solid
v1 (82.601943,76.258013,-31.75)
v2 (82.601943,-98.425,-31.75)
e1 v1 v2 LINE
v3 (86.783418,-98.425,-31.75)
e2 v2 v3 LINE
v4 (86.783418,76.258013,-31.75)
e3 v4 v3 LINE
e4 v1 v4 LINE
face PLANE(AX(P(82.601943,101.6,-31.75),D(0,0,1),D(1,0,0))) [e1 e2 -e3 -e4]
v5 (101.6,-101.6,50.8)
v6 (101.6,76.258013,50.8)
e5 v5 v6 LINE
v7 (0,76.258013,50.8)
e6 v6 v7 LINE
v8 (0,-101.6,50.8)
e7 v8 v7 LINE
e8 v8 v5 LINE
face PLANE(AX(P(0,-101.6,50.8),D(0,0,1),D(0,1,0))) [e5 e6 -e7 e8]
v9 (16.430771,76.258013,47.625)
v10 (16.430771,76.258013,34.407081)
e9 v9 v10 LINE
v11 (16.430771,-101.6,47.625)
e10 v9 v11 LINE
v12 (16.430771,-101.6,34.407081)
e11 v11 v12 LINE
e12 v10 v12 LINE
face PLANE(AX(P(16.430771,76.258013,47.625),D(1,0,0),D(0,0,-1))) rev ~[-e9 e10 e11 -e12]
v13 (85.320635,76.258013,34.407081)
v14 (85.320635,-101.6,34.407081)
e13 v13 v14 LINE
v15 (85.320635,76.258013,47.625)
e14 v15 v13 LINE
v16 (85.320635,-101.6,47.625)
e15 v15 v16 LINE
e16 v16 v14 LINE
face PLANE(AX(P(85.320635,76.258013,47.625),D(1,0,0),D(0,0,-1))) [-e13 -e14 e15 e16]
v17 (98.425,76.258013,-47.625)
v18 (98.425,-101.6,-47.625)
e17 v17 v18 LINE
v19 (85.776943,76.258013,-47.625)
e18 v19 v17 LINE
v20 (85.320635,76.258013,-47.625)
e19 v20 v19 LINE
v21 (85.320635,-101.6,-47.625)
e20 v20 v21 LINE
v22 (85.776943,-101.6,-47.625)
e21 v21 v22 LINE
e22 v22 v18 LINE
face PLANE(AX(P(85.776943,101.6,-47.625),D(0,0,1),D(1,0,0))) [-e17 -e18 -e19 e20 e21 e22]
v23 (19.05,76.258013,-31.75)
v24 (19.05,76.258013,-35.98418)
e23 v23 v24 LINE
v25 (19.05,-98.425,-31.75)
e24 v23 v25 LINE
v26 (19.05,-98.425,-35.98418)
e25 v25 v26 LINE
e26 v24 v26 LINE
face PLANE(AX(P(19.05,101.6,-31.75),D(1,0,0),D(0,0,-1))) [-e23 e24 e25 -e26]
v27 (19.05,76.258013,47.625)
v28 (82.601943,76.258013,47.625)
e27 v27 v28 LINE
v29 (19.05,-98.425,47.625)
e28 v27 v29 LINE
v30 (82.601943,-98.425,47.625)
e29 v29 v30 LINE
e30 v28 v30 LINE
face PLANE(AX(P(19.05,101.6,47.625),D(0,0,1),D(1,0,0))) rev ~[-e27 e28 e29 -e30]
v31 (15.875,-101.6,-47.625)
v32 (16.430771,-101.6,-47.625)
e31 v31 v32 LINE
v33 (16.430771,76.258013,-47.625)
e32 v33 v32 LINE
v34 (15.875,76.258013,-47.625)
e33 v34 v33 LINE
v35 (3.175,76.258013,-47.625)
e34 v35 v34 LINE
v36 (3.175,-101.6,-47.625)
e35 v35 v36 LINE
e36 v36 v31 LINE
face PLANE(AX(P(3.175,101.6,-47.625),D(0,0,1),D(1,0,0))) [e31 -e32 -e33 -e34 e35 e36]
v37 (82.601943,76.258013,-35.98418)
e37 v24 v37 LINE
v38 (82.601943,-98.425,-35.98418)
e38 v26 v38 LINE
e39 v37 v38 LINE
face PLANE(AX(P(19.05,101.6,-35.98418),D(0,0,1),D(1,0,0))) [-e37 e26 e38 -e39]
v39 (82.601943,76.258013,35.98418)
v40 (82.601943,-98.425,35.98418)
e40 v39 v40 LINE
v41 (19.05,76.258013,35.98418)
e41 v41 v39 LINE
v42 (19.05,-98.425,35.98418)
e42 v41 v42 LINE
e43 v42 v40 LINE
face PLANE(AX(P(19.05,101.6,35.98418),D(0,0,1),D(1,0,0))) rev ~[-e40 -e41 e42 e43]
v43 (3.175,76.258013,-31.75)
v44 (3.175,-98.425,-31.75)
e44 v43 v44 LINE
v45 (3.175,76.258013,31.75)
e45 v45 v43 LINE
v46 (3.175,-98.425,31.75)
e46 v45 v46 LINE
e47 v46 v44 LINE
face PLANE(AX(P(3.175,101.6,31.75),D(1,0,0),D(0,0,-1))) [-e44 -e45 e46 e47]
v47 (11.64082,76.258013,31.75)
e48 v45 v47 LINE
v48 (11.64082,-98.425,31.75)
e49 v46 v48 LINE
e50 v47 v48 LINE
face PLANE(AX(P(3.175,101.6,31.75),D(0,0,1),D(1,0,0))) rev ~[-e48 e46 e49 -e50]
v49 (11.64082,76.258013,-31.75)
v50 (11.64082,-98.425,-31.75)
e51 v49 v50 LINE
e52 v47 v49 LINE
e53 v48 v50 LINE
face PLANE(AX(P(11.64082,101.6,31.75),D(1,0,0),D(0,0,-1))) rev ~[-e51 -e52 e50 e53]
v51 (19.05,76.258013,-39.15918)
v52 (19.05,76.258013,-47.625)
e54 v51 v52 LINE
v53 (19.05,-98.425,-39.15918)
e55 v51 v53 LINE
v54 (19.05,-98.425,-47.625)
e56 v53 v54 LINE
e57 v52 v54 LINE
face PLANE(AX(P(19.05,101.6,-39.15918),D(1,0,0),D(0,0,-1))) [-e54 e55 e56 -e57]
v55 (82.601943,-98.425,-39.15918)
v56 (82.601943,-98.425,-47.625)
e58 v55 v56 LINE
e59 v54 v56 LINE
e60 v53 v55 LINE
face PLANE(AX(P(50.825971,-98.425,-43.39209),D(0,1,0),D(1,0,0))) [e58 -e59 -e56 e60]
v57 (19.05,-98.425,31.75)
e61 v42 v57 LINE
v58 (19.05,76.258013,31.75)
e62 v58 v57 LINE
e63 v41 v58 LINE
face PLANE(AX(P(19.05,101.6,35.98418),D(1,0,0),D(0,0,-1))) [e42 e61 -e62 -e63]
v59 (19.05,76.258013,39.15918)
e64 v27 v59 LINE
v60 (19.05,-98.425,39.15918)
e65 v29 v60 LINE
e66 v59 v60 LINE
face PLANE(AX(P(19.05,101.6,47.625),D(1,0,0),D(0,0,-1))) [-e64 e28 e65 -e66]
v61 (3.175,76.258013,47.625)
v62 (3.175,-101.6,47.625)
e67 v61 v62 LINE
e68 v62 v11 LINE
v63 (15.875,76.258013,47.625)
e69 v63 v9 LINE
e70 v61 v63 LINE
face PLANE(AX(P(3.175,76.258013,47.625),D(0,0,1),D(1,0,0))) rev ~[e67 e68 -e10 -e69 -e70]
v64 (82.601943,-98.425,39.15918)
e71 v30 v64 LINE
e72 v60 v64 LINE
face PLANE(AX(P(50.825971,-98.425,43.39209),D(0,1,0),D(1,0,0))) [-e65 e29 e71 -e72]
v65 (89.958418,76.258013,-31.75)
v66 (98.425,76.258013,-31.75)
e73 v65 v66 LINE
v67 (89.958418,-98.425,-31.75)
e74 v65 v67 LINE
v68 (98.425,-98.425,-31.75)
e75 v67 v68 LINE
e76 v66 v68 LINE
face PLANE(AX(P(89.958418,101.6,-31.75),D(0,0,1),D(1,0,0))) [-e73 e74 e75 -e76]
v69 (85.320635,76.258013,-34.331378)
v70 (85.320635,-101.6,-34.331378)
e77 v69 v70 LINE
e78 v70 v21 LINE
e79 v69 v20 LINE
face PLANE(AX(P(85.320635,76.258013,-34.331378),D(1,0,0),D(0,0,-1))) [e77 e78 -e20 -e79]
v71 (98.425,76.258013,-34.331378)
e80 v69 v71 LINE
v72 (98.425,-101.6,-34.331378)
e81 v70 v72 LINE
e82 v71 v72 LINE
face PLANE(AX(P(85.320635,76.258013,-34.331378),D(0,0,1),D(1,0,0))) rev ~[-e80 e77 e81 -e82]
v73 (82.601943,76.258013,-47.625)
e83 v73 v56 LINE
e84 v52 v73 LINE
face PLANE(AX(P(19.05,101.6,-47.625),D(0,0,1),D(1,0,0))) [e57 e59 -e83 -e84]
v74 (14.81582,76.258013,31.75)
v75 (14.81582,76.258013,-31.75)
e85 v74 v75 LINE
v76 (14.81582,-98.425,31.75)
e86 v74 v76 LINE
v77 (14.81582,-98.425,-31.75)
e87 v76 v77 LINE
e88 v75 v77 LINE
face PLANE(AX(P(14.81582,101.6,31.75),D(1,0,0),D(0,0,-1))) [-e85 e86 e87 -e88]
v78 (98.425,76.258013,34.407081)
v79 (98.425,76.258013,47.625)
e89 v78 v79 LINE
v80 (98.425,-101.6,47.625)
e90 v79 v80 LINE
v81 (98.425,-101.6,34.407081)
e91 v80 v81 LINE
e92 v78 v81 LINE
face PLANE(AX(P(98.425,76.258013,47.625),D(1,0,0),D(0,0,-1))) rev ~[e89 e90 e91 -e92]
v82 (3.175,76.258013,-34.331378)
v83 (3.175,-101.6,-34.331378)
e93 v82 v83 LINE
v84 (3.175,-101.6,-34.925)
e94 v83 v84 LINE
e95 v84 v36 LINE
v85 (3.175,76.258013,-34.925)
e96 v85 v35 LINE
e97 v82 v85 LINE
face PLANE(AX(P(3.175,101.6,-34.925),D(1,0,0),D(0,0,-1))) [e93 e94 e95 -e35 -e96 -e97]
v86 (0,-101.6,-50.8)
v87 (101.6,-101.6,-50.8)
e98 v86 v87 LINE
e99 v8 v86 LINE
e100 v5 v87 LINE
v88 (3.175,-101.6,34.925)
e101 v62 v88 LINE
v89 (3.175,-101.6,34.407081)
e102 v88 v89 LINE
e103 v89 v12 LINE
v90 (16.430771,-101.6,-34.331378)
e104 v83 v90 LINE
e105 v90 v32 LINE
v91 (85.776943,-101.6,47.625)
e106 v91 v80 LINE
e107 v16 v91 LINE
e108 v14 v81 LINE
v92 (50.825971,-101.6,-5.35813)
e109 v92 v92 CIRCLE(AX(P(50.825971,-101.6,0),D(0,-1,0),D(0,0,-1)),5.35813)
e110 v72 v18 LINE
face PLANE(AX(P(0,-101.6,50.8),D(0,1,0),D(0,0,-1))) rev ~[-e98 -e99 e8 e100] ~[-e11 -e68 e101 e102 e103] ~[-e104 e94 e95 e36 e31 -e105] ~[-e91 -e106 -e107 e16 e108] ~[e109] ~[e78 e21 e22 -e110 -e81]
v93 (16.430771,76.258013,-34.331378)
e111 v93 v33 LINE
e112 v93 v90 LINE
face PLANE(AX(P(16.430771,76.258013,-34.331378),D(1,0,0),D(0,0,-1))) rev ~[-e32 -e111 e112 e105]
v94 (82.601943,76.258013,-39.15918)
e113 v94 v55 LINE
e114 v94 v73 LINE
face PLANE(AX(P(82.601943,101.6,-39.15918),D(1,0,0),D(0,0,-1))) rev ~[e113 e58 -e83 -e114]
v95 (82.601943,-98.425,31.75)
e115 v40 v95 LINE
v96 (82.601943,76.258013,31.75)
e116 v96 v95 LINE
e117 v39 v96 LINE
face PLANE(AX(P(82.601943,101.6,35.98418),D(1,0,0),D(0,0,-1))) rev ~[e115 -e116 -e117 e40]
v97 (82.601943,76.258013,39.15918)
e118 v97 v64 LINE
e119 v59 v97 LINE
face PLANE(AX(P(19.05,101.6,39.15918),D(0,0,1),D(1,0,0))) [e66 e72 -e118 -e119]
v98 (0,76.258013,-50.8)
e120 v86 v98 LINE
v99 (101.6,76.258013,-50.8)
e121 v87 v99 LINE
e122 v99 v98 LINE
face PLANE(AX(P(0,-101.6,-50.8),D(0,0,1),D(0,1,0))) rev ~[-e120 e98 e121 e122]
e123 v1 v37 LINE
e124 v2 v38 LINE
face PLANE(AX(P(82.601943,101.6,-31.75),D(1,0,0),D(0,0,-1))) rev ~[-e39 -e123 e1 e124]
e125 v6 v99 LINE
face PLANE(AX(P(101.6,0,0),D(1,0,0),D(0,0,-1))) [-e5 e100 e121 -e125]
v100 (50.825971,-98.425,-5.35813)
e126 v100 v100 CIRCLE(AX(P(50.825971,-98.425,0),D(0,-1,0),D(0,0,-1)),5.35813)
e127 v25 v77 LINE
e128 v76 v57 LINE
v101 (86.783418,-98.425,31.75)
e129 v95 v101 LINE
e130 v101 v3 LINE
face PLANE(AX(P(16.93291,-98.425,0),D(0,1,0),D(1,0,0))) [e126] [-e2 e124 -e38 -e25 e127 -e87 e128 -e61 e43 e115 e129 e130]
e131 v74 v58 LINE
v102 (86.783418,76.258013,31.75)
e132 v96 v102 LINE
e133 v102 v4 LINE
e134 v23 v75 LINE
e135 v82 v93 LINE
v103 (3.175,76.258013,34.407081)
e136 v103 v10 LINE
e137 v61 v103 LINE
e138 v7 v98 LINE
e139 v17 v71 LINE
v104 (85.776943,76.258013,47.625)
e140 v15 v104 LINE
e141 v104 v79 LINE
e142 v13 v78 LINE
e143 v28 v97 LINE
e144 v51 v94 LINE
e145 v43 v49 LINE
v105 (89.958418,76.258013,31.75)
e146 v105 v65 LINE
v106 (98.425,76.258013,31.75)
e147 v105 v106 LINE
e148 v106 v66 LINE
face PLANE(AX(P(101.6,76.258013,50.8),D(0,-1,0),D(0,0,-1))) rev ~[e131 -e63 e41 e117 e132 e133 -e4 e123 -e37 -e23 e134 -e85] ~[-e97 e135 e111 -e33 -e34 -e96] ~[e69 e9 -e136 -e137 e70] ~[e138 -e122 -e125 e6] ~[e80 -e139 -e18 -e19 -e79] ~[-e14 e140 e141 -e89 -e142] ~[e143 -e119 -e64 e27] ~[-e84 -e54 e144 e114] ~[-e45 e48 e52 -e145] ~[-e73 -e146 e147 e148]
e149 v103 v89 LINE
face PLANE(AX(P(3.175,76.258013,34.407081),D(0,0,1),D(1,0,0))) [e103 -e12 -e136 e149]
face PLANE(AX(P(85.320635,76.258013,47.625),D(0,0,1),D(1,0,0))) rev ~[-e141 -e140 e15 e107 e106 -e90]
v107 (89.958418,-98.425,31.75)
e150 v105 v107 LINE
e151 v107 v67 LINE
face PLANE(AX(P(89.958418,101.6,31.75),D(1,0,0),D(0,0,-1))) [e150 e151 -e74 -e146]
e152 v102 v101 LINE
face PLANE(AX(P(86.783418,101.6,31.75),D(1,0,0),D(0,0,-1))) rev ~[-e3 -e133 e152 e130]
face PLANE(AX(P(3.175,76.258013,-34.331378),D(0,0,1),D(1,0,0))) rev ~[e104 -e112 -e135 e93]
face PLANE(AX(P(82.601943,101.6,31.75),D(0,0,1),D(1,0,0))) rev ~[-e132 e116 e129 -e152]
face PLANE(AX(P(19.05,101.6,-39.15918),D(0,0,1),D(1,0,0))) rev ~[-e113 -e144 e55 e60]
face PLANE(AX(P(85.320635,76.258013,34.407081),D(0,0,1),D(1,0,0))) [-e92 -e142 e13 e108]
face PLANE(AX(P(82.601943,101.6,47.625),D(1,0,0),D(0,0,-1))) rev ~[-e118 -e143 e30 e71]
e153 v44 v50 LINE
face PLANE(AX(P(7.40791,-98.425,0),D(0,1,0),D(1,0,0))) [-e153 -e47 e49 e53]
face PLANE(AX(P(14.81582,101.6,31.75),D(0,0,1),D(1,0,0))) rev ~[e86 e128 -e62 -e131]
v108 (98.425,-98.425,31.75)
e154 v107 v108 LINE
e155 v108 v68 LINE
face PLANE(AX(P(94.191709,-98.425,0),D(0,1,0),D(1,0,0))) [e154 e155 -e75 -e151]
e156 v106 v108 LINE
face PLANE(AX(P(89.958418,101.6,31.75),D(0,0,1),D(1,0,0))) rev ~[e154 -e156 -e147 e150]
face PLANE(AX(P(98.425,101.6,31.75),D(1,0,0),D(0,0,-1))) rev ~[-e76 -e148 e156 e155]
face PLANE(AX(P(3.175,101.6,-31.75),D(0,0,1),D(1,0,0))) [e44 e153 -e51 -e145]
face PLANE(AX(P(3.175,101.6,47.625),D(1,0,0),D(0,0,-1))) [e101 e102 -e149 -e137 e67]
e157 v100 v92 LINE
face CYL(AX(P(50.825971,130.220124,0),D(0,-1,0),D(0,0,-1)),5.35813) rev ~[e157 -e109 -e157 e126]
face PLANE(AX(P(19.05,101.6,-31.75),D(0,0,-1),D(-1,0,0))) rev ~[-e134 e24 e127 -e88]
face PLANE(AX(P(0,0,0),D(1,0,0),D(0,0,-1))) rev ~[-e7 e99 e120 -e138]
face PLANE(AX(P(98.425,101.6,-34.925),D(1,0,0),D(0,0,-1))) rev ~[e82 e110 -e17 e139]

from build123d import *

# Parameters (mm, degrees)
SKETCH1_W               = 101.6
SKETCH1_H               = 203.2
BOSS_EXTRUDE1_DEPTH     = 101.6
SKETCH2_W               = 12.7
SKETCH2_H               = 12.7
SKETCH2_W_2             = 12.648057186
CUT_EXTRUDE1_DEPTH      = 203.2
SKETCH3_W               = 4.23418
SKETCH3_H               = 63.5
SKETCH3_W_2             = 63.551942814
SKETCH3_H_2             = 4.23418
SKETCH3_W_3             = 4.181475186
SKETCH3_W_4             = 8.466582
SKETCH3_H_3             = 8.46582
SKETCH3_W_5             = 8.46582
CUT_EXTRUDE2_DEPTH      = 200.025
SKETCH4_W               = 101.6
SKETCH4_H               = 25.341987408
CUT_EXTRUDE3_DEPTH      = 101.6
F_1_2_13_TAPPED_HOLE2_D = 10.71626
SKETCH7_W               = 13.255770889
SKETCH7_H               = 13.293622463
SKETCH7_W_2             = 13.104364594
SKETCH7_H_2             = 13.217919315
CUT_EXTRUDE4_DEPTH      = 190.5


with BuildPart() as part:
    # Sketch1 → Boss-Extrude1 (new body)
    with BuildSketch(Plane(origin=(0, 0, 0), x_dir=(0, 0, -1), z_dir=(1, 0, 0))):
        Rectangle(SKETCH1_W, SKETCH1_H)
    extrude(amount=BOSS_EXTRUDE1_DEPTH)

    # Sketch2 → Cut-Extrude1 (cut)
    with BuildSketch(Plane(origin=(0, 101.6, 0), x_dir=(1, 0, 0), z_dir=(0, 1, 0))):
        with Locations((9.525, 41.275)):
            Rectangle(SKETCH2_W, SKETCH2_H)
        with Locations((9.525, -41.275)):
            Rectangle(SKETCH2_W, SKETCH2_H)
        with Locations((92.100971407, -41.275)):
            Rectangle(SKETCH2_W_2, SKETCH2_H)
        with Locations((92.100971407, 41.275)):
            Rectangle(SKETCH2_W_2, SKETCH2_H)
    extrude(amount=-CUT_EXTRUDE1_DEPTH, mode=Mode.SUBTRACT)

    # Sketch3 → Cut-Extrude2 (cut)
    with BuildSketch(Plane(origin=(0, 101.6, 0), x_dir=(1, 0, 0), z_dir=(0, 1, 0))):
        with Locations((16.93291, 0)):
            Rectangle(SKETCH3_W, SKETCH3_H)
        with Locations((50.825971407, 0)):
            Rectangle(SKETCH3_W_2, SKETCH3_H)
        with Locations((50.825971407, 33.86709)):
            Rectangle(SKETCH3_W_2, SKETCH3_H_2)
        with Locations((84.692680407, 0)):
            Rectangle(SKETCH3_W_3, SKETCH3_H)
        with Locations((94.191709, 0)):
            Rectangle(SKETCH3_W_4, SKETCH3_H)
        with Locations((50.825971407, 43.39209)):
            Rectangle(SKETCH3_W_2, SKETCH3_H_3)
        with Locations((7.40791, 0)):
            Rectangle(SKETCH3_W_5, SKETCH3_H)
        with Locations((50.825971407, -43.39209)):
            Rectangle(SKETCH3_W_2, SKETCH3_H_3)
        with Locations((50.825971407, -33.86709)):
            Rectangle(SKETCH3_W_2, SKETCH3_H_2)
    extrude(amount=-CUT_EXTRUDE2_DEPTH, mode=Mode.SUBTRACT)

    # Sketch4 → Cut-Extrude3 (cut)
    with BuildSketch(Plane(origin=(101.6, 0, 0), x_dir=(0, 0, -1), z_dir=(1, 0, 0))):
        with Locations((0, 88.929006296)):
            Rectangle(SKETCH4_W, SKETCH4_H)
    extrude(amount=-CUT_EXTRUDE3_DEPTH, mode=Mode.SUBTRACT)

    # 1/2-13 Tapped Hole2 (through all)
    with Locations(Plane(origin=(50.825971407, -98.425, 0), x_dir=(0, 0, 1), z_dir=(0, 1, 0))):
        with Locations((0, 0)):
            Hole(F_1_2_13_TAPPED_HOLE2_D / 2)

    # Sketch7 → Cut-Extrude4 (cut)
    with BuildSketch(Plane(origin=(0, 76.258012592, 0), x_dir=(1, 0, 0), z_dir=(0, 1, 0))):
        with Locations((9.802885445, 40.978188769)):
            Rectangle(SKETCH7_W, SKETCH7_H)
        with Locations((91.872817703, 40.978188769)):
            Rectangle(SKETCH7_W_2, SKETCH7_H)
        with Locations((91.872817703, -41.016040343)):
            Rectangle(SKETCH7_W_2, SKETCH7_H_2)
        with Locations((9.802885445, -41.016040343)):
            Rectangle(SKETCH7_W, SKETCH7_H_2)
    extrude(amount=-CUT_EXTRUDE4_DEPTH, mode=Mode.SUBTRACT)


solid = part.part
